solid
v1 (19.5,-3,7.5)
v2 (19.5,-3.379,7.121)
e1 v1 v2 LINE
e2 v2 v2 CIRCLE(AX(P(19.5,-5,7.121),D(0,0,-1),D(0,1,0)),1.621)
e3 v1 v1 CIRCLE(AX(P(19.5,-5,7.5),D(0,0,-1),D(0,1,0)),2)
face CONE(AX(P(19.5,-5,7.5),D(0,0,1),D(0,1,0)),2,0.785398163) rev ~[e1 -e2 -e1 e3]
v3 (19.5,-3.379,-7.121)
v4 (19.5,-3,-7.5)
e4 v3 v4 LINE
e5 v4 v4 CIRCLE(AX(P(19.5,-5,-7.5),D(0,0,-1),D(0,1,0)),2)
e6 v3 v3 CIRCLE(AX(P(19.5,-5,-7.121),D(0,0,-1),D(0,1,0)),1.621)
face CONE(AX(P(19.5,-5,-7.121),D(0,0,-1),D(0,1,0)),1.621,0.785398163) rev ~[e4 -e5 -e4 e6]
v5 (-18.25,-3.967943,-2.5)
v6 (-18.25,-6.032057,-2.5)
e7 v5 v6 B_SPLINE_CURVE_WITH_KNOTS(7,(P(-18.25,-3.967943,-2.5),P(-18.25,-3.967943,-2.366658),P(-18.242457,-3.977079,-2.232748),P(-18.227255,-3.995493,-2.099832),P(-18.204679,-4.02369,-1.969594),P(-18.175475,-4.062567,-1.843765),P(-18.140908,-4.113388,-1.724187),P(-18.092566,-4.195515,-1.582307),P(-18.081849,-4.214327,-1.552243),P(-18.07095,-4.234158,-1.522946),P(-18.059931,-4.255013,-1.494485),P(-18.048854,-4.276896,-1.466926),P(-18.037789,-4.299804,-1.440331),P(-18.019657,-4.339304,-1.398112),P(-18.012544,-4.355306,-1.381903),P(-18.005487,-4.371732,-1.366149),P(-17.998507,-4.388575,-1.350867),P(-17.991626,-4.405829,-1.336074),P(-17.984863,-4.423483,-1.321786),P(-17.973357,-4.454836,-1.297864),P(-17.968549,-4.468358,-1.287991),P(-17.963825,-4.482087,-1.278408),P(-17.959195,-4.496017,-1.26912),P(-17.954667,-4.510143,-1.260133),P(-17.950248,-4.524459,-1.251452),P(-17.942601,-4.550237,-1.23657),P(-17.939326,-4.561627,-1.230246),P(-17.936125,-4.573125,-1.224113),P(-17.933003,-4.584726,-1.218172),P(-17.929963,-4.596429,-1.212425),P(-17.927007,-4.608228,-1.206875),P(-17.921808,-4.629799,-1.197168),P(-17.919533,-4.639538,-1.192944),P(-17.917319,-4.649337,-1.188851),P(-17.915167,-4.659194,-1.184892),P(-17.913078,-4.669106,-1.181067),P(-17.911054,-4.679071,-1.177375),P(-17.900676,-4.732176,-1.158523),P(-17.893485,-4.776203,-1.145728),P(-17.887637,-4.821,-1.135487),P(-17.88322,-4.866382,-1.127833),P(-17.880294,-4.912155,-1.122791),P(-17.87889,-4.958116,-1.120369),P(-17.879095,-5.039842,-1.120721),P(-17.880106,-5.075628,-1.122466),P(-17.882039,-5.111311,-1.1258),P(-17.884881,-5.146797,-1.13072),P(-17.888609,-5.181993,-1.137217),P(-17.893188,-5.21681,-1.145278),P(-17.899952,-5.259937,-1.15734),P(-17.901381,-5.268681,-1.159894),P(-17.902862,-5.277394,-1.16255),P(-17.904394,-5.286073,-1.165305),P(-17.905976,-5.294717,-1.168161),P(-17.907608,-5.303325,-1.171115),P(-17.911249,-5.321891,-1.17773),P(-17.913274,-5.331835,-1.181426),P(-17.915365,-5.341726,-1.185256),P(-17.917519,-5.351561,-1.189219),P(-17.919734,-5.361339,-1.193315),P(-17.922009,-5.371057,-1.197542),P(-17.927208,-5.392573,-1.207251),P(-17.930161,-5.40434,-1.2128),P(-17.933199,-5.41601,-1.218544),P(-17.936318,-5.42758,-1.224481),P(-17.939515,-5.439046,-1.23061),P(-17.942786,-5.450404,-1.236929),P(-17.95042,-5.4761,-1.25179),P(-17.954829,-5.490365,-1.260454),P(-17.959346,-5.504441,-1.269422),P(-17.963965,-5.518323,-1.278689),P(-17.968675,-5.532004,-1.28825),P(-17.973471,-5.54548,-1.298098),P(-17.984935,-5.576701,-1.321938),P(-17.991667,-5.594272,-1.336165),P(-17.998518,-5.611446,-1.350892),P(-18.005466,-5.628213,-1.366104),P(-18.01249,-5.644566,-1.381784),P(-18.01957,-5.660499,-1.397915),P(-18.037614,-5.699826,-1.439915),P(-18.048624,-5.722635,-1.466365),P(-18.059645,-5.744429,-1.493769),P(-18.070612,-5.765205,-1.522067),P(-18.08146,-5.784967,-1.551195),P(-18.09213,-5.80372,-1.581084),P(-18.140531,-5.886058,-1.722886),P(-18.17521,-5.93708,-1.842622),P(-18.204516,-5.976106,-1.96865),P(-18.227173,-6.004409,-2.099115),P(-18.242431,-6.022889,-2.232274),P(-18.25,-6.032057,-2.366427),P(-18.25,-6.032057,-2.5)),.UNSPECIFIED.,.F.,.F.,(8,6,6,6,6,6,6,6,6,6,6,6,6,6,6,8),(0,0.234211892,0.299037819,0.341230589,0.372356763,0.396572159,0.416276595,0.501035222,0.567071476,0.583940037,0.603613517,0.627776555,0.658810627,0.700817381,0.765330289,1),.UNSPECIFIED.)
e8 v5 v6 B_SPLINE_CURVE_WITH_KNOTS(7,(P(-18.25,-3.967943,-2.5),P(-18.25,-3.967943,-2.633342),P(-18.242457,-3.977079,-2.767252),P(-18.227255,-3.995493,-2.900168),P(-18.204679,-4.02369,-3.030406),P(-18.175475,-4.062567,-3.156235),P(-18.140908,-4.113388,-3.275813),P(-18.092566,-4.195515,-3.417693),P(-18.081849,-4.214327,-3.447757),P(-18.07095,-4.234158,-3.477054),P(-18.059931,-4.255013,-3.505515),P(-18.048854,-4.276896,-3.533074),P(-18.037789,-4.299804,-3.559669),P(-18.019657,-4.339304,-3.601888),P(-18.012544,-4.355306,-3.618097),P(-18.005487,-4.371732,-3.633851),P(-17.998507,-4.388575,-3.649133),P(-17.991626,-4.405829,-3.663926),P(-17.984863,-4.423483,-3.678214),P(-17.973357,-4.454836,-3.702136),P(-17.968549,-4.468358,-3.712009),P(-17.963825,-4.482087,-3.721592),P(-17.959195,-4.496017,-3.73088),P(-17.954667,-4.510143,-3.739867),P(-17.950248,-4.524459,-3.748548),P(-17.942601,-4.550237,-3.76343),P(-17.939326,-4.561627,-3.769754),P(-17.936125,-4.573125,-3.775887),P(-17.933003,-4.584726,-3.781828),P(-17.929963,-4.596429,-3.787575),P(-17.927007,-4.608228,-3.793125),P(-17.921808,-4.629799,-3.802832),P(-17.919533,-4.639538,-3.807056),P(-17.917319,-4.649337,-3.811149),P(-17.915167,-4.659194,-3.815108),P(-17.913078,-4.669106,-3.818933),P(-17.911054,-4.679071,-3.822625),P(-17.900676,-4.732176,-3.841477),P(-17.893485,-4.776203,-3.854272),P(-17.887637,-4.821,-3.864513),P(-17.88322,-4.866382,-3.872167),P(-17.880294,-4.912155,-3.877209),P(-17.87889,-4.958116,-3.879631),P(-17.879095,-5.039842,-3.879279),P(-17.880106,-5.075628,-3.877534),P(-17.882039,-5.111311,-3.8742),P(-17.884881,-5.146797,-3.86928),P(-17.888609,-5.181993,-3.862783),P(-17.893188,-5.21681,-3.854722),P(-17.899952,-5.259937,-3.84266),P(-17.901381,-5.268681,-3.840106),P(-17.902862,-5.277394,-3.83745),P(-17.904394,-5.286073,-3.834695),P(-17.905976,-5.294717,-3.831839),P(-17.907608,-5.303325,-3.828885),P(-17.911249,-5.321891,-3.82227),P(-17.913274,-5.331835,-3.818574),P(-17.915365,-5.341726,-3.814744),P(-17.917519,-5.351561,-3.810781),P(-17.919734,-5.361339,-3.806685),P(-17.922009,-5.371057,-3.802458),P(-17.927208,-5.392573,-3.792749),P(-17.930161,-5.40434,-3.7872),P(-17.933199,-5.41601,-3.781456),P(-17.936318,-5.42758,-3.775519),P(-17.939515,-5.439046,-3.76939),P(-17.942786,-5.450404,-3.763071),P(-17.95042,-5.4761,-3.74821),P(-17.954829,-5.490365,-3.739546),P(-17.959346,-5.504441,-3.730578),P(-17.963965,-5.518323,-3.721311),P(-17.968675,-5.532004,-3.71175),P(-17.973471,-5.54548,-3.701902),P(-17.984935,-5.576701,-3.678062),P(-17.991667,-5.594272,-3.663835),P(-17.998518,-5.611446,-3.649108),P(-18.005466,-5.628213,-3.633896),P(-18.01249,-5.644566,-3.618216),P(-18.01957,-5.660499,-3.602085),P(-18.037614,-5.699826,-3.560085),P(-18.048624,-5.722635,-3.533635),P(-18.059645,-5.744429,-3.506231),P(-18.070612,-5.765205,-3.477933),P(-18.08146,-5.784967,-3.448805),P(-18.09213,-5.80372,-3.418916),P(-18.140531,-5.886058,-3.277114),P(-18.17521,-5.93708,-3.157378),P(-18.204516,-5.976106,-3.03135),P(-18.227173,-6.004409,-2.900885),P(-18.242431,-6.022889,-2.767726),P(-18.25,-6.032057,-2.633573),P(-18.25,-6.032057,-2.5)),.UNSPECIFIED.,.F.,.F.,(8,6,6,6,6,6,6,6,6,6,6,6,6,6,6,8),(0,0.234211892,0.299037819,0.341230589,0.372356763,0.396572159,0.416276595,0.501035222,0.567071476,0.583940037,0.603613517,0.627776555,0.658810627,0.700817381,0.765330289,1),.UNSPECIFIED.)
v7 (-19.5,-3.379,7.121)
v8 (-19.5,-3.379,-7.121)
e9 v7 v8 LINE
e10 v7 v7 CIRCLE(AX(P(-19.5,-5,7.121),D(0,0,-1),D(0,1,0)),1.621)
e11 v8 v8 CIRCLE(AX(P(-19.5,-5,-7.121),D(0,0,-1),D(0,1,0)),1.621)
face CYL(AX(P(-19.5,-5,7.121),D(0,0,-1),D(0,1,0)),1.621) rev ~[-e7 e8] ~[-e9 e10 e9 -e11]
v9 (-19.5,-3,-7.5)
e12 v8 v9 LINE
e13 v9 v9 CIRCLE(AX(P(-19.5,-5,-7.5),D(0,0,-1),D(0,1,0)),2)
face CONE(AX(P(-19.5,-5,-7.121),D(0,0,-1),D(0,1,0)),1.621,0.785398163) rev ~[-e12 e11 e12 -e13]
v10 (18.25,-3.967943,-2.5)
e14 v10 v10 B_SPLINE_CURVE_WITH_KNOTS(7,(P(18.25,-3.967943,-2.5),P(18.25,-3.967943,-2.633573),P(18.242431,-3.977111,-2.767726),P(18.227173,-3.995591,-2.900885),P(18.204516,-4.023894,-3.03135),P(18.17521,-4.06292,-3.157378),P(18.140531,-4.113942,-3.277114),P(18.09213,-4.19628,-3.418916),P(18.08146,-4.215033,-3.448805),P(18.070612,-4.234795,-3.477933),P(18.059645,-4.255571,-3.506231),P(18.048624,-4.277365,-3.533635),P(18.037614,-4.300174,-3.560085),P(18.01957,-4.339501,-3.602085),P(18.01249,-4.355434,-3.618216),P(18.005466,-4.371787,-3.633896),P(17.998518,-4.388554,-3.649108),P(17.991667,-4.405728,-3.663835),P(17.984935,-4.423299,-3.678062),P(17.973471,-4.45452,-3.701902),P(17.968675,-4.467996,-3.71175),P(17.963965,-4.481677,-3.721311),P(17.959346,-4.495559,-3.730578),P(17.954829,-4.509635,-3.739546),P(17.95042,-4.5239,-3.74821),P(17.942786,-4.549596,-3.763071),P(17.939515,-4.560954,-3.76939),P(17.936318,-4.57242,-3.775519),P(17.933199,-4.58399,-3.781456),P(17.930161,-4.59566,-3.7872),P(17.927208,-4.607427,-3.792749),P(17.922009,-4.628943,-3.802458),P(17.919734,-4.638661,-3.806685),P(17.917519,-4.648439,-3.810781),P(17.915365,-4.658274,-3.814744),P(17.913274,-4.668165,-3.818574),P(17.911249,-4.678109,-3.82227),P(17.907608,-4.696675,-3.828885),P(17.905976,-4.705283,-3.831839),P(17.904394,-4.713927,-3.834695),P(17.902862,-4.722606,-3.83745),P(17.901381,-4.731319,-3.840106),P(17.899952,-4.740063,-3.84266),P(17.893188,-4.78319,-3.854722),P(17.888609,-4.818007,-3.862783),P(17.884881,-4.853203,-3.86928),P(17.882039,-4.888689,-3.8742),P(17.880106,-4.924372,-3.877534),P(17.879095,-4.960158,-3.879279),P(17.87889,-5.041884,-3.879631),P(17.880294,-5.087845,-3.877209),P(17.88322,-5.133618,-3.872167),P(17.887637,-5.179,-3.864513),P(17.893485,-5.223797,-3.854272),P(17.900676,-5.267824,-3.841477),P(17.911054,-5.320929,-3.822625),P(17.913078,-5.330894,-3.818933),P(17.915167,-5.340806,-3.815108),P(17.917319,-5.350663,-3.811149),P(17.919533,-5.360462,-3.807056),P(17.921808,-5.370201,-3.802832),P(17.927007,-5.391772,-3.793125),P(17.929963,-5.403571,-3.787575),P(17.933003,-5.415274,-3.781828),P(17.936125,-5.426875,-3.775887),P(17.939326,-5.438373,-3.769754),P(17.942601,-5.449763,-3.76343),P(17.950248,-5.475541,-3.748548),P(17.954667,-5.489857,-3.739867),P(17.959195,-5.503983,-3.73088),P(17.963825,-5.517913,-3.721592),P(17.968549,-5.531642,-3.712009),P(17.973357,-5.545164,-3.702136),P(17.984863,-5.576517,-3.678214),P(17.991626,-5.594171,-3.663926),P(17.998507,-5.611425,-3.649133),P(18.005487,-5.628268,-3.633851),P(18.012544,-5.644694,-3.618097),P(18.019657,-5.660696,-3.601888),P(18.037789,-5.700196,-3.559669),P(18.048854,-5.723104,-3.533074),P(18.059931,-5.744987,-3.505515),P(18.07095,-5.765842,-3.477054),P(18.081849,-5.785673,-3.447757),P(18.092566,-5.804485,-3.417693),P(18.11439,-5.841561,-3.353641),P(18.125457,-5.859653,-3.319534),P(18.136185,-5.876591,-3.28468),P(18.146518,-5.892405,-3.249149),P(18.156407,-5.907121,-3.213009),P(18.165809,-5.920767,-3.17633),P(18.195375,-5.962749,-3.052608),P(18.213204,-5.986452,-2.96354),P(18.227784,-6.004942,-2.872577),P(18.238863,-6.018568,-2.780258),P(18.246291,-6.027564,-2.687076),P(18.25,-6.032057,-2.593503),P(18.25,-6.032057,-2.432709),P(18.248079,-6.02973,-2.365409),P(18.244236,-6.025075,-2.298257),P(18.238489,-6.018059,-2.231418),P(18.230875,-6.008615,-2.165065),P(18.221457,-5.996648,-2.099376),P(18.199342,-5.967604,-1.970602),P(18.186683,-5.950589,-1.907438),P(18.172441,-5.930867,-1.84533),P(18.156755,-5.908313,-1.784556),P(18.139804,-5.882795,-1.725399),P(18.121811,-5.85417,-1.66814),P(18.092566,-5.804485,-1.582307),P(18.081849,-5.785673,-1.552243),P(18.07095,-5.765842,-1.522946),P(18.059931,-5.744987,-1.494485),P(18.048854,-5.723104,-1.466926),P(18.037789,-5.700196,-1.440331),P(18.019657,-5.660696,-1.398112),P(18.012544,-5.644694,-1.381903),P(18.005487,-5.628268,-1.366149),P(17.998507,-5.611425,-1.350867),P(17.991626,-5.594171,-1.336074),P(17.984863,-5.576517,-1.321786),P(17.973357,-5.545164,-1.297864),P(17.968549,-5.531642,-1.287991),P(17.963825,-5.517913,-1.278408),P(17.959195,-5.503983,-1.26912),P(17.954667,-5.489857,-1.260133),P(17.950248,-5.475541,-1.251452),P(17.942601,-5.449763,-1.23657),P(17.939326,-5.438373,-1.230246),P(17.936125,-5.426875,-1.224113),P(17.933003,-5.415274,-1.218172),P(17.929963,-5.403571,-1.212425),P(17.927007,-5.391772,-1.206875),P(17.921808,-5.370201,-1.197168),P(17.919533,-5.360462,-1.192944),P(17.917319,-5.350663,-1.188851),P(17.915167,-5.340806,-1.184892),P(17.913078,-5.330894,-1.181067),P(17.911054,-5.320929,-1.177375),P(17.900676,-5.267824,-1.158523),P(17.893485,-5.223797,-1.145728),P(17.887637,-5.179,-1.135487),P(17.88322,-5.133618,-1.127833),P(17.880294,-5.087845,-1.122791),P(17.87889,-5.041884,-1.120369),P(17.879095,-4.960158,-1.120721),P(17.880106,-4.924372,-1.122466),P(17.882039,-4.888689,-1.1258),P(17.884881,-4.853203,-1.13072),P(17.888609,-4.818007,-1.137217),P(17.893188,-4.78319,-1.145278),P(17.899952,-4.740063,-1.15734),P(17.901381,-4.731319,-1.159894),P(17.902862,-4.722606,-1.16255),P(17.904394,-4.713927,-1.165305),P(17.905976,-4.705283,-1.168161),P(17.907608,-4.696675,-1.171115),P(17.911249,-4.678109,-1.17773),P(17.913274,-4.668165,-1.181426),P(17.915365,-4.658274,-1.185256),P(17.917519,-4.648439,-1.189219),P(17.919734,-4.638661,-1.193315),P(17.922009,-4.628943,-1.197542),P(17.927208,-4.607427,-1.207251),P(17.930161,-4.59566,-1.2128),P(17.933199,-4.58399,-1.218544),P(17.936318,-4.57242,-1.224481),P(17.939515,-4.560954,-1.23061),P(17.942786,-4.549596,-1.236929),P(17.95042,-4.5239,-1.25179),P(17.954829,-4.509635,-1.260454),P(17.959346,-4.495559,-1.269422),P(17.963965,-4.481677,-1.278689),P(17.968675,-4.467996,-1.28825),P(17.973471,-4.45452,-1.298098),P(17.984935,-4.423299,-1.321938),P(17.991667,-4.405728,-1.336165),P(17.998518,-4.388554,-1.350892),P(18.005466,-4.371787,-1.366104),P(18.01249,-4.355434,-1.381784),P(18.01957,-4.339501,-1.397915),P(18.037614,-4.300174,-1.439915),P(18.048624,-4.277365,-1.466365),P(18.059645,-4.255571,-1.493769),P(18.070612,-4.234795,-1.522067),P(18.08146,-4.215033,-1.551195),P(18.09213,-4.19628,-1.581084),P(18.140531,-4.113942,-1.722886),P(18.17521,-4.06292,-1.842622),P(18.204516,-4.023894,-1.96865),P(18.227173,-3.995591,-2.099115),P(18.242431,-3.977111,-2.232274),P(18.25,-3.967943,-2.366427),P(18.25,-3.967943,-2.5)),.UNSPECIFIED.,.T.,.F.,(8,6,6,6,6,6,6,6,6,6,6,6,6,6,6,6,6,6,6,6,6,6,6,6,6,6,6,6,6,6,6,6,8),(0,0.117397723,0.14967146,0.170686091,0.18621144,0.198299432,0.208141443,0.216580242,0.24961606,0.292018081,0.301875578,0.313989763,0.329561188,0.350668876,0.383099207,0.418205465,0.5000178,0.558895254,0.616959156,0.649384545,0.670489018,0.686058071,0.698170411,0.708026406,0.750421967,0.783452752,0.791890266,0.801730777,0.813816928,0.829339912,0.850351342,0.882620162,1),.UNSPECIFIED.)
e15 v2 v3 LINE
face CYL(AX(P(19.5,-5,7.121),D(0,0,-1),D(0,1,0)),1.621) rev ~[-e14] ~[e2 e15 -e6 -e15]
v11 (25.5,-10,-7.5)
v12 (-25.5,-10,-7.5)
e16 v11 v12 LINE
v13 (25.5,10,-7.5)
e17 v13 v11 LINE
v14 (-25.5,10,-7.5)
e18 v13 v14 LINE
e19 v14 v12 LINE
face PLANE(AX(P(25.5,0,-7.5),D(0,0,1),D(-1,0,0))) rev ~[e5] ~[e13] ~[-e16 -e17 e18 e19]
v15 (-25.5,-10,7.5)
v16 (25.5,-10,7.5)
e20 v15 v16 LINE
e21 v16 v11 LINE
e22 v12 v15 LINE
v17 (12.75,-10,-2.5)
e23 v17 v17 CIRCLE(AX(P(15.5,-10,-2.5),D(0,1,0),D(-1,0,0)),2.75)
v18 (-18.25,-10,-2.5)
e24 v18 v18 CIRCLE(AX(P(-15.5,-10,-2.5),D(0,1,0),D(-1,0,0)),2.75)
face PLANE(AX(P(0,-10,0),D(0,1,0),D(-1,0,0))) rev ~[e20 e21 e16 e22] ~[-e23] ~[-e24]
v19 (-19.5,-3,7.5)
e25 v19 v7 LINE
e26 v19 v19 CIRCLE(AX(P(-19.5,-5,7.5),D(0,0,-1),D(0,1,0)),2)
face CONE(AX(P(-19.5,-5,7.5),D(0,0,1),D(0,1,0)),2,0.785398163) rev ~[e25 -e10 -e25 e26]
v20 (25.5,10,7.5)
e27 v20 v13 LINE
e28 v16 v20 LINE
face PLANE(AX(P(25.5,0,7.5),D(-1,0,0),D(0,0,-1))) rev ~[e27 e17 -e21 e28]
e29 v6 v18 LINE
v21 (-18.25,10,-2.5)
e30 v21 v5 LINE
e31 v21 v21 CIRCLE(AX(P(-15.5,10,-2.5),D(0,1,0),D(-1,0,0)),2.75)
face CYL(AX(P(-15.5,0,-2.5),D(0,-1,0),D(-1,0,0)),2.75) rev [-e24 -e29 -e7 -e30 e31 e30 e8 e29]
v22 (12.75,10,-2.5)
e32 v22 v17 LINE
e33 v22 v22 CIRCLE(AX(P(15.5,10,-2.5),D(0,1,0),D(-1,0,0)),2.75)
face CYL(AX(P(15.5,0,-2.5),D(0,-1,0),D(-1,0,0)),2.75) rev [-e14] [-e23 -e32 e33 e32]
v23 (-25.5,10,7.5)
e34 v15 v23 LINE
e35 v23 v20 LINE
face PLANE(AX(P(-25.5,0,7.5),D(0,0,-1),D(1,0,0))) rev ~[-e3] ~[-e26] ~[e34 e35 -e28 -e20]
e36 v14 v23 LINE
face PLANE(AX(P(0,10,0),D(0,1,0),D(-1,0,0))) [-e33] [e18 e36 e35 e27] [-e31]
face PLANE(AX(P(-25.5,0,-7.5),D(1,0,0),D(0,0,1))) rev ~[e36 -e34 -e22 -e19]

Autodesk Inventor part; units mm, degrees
sketch "Sketch_14" plane through (0, 0, 0) normal (0, 1, 0) x (-1, 0, 0)
  line L0 (25.5, 7.5) -> (-25.5, 7.5)
  line L1 (-25.5, 7.5) -> (-25.5, -7.5)
  line L2 (-25.5, -7.5) -> (25.5, -7.5)
  line L3 (25.5, -7.5) -> (25.5, 7.5)
  circle A0 centre (-15.5, -2.5) radius 2.75
  circle A1 centre (15.5, -2.5) radius 2.75
extrude "Extrusion1" add sketch "Sketch_14" along normal mid plane 20
sketch "Sketch_2" plane through (19.5, 0, 0) normal (1, 0, 0) x (0, 0, -1)
  line L0 (7.5, -5) -> (-7.5, -5)
  line L1 (-7.5, -5) -> (-7.5, -3)
  line L2 (-7.5, -3) -> (-7.121, -3.379)
  line L3 (-7.121, -3.379) -> (7.121, -3.379)
  line L4 (7.121, -3.379) -> (7.5, -3)
  line L5 (7.5, -3) -> (7.5, -5)
  line L6 (7.5, -5) -> (-7.5, -5)
revolve "Revolution1" cut sketch "Sketch_2" angle 360 about axis through (19.5, -5, -7.5) along (0, 0, -1)
thread "Thread1" size "M4x0.7" class "6H" standard "ISO Metric profile" full length
sketch "Sketch_3" plane through (-19.5, 0, 0) normal (1, 0, 0) x (0, 0, -1)
  line L0 (7.5, -5) -> (-7.5, -5)
  line L1 (-7.5, -5) -> (-7.5, -3)
  line L2 (-7.5, -3) -> (-7.121, -3.379)
  line L3 (-7.121, -3.379) -> (7.121, -3.379)
  line L4 (7.121, -3.379) -> (7.5, -3)
  line L5 (7.5, -3) -> (7.5, -5)
  line L6 (7.5, -5) -> (-7.5, -5)
revolve "Revolution2" cut sketch "Sketch_3" angle 360 about axis through (-19.5, -5, -7.5) along (0, 0, -1)
thread "Thread2" size "M4x0.7" class "6H" standard "ISO Metric profile" full length
ref_plane "att_plate_magnet_XY" through (19.5, -5, 7.5) normal (0, 0, 1) x (1, 0, 0)
ref_plane "att_plate_magnet_YZ" through (19.5, -5, 7.5) normal (1, 0, 0) x (0, 1, 0)
ref_plane "att_plate_magnet_ZX" through (19.5, -5, 7.5) normal (0, 1, 0) x (0, 0, 1)
ref_plane "to_magnetT_XY" through (-19.5, -5, 7.5) normal (0, 0, 1) x (1, 0, 0)
ref_plane "to_magnetT_YZ" through (-19.5, -5, 7.5) normal (1, 0, 0) x (0, 1, 0)
ref_plane "to_magnetT_ZX" through (-19.5, -5, 7.5) normal (0, 1, 0) x (0, 0, 1)
ref_plane "c1_XY" through (-15.5, 10, -2.5) normal (0, 1, 0) x (1, 0, 0)
ref_plane "c1_YZ" through (-15.5, 10, -2.5) normal (1, 0, 0) x (0, 0, -1)
ref_plane "c1_ZX" through (-15.5, 10, -2.5) normal (0, 0, -1) x (0, 1, 0)
ref_plane "c2_XY" through (15.5, 10, -2.5) normal (0, 1, 0) x (1, 0, 0)
ref_plane "c2_YZ" through (15.5, 10, -2.5) normal (1, 0, 0) x (0, 0, -1)
ref_plane "c2_ZX" through (15.5, 10, -2.5) normal (0, 0, -1) x (0, 1, 0)
ref_plane "c3_XY" through (-15.5, -10, -2.5) normal (0, 1, 0) x (1, 0, 0)
ref_plane "c3_YZ" through (-15.5, -10, -2.5) normal (1, 0, 0) x (0, 0, -1)
ref_plane "c3_ZX" through (-15.5, -10, -2.5) normal (0, 0, -1) x (0, 1, 0)
ref_plane "c4_XY" through (15.5, -10, -2.5) normal (0, 1, 0) x (1, 0, 0)
ref_plane "c4_YZ" through (15.5, -10, -2.5) normal (1, 0, 0) x (0, 0, -1)
ref_plane "c4_ZX" through (15.5, -10, -2.5) normal (0, 0, -1) x (0, 1, 0)
ref_plane "cc3_XY" through (-15.5, 10, -2.5) normal (0, 1, 0) x (1, 0, 0)
ref_plane "cc3_YZ" through (-15.5, 10, -2.5) normal (1, 0, 0) x (0, 0, -1)
ref_plane "cc3_ZX" through (-15.5, 10, -2.5) normal (0, 0, -1) x (0, 1, 0)
ref_plane "cc4_XY" through (15.5, 10, -2.5) normal (0, 1, 0) x (1, 0, 0)
ref_plane "cc4_YZ" through (15.5, 10, -2.5) normal (1, 0, 0) x (0, 0, -1)
ref_plane "cc4_ZX" through (15.5, 10, -2.5) normal (0, 0, -1) x (0, 1, 0)
ref_plane "cc1_XY" through (-15.5, -10, -2.5) normal (0, 1, 0) x (1, 0, 0)
ref_plane "cc1_YZ" through (-15.5, -10, -2.5) normal (1, 0, 0) x (0, 0, -1)
ref_plane "cc1_ZX" through (-15.5, -10, -2.5) normal (0, 0, -1) x (0, 1, 0)
ref_plane "cc2_XY" through (15.5, -10, -2.5) normal (0, 1, 0) x (1, 0, 0)
ref_plane "cc2_YZ" through (15.5, -10, -2.5) normal (1, 0, 0) x (0, 0, -1)
ref_plane "cc2_ZX" through (15.5, -10, -2.5) normal (0, 0, -1) x (0, 1, 0)
ref_plane "d1_XY" through (15.5, 15, -5) normal (0, 1, 0) x (1, 0, 0)
ref_plane "d1_YZ" through (15.5, 15, -5) normal (1, 0, 0) x (0, 0, -1)
ref_plane "d1_ZX" through (15.5, 15, -5) normal (0, 0, -1) x (0, 1, 0)
ref_plane "d2_XY" through (-15.5, 15, -5) normal (0, 1, 0) x (1, 0, 0)
ref_plane "d2_YZ" through (-15.5, 15, -5) normal (1, 0, 0) x (0, 0, -1)
ref_plane "d2_ZX" through (-15.5, 15, -5) normal (0, 0, -1) x (0, 1, 0)
ref_plane "e1_XY" through (-15.5, 15, -5) normal (0, 1, 0) x (1, 0, 0)
ref_plane "e1_YZ" through (-15.5, 15, -5) normal (1, 0, 0) x (0, 0, -1)
ref_plane "e1_ZX" through (-15.5, 15, -5) normal (0, 0, -1) x (0, 1, 0)
ref_plane "e2_XY" through (15.5, 15, -5) normal (0, 1, 0) x (1, 0, 0)
ref_plane "e2_YZ" through (15.5, 15, -5) normal (1, 0, 0) x (0, 0, -1)
ref_plane "e2_ZX" through (15.5, 15, -5) normal (0, 0, -1) x (0, 1, 0)
ref_plane "p1_XY" through (15.5, 10, 0) normal (0, 1, 0) x (1, 0, 0)
ref_plane "p1_YZ" through (15.5, 10, 0) normal (1, 0, 0) x (0, 0, -1)
ref_plane "p1_ZX" through (15.5, 10, 0) normal (0, 0, -1) x (0, 1, 0)
ref_plane "p2_XY" through (-15.5, 10, 0) normal (0, 1, 0) x (1, 0, 0)
ref_plane "p2_YZ" through (-15.5, 10, 0) normal (1, 0, 0) x (0, 0, -1)
ref_plane "p2_ZX" through (-15.5, 10, 0) normal (0, 0, -1) x (0, 1, 0)
ref_plane "xxxx_XY" through (0, 0, 0) normal (0, 0, 1) x (1, 0, 0)
ref_plane "xxxx_YZ" through (0, 0, 0) normal (1, 0, 0) x (0, 1, 0)
ref_plane "xxxx_ZX" through (0, 0, 0) normal (0, 1, 0) x (0, 0, 1)
ref_plane "p11_XY" through (15.5, 10, 31) normal (0, 1, 0) x (1, 0, 0)
ref_plane "p11_YZ" through (15.5, 10, 31) normal (1, 0, 0) x (0, 0, -1)
ref_plane "p11_ZX" through (15.5, 10, 31) normal (0, 0, -1) x (0, 1, 0)
ref_plane "p22_XY" through (-15.5, 10, 31) normal (0, 1, 0) x (1, 0, 0)
ref_plane "p22_YZ" through (-15.5, 10, 31) normal (1, 0, 0) x (0, 0, -1)
ref_plane "p22_ZX" through (-15.5, 10, 31) normal (0, 0, -1) x (0, 1, 0)
ref_plane "plate_to_magnet_XY" through (-19.5, -5, 7.5) normal (0, 1, 0) x (1, 0, 0)
ref_plane "plate_to_magnet_YZ" through (-19.5, -5, 7.5) normal (1, 0, 0) x (0, 0, -1)
ref_plane "plate_to_magnet_ZX" through (-19.5, -5, 7.5) normal (0, 0, -1) x (0, 1, 0)
properties part number "MG5-5-ap"
